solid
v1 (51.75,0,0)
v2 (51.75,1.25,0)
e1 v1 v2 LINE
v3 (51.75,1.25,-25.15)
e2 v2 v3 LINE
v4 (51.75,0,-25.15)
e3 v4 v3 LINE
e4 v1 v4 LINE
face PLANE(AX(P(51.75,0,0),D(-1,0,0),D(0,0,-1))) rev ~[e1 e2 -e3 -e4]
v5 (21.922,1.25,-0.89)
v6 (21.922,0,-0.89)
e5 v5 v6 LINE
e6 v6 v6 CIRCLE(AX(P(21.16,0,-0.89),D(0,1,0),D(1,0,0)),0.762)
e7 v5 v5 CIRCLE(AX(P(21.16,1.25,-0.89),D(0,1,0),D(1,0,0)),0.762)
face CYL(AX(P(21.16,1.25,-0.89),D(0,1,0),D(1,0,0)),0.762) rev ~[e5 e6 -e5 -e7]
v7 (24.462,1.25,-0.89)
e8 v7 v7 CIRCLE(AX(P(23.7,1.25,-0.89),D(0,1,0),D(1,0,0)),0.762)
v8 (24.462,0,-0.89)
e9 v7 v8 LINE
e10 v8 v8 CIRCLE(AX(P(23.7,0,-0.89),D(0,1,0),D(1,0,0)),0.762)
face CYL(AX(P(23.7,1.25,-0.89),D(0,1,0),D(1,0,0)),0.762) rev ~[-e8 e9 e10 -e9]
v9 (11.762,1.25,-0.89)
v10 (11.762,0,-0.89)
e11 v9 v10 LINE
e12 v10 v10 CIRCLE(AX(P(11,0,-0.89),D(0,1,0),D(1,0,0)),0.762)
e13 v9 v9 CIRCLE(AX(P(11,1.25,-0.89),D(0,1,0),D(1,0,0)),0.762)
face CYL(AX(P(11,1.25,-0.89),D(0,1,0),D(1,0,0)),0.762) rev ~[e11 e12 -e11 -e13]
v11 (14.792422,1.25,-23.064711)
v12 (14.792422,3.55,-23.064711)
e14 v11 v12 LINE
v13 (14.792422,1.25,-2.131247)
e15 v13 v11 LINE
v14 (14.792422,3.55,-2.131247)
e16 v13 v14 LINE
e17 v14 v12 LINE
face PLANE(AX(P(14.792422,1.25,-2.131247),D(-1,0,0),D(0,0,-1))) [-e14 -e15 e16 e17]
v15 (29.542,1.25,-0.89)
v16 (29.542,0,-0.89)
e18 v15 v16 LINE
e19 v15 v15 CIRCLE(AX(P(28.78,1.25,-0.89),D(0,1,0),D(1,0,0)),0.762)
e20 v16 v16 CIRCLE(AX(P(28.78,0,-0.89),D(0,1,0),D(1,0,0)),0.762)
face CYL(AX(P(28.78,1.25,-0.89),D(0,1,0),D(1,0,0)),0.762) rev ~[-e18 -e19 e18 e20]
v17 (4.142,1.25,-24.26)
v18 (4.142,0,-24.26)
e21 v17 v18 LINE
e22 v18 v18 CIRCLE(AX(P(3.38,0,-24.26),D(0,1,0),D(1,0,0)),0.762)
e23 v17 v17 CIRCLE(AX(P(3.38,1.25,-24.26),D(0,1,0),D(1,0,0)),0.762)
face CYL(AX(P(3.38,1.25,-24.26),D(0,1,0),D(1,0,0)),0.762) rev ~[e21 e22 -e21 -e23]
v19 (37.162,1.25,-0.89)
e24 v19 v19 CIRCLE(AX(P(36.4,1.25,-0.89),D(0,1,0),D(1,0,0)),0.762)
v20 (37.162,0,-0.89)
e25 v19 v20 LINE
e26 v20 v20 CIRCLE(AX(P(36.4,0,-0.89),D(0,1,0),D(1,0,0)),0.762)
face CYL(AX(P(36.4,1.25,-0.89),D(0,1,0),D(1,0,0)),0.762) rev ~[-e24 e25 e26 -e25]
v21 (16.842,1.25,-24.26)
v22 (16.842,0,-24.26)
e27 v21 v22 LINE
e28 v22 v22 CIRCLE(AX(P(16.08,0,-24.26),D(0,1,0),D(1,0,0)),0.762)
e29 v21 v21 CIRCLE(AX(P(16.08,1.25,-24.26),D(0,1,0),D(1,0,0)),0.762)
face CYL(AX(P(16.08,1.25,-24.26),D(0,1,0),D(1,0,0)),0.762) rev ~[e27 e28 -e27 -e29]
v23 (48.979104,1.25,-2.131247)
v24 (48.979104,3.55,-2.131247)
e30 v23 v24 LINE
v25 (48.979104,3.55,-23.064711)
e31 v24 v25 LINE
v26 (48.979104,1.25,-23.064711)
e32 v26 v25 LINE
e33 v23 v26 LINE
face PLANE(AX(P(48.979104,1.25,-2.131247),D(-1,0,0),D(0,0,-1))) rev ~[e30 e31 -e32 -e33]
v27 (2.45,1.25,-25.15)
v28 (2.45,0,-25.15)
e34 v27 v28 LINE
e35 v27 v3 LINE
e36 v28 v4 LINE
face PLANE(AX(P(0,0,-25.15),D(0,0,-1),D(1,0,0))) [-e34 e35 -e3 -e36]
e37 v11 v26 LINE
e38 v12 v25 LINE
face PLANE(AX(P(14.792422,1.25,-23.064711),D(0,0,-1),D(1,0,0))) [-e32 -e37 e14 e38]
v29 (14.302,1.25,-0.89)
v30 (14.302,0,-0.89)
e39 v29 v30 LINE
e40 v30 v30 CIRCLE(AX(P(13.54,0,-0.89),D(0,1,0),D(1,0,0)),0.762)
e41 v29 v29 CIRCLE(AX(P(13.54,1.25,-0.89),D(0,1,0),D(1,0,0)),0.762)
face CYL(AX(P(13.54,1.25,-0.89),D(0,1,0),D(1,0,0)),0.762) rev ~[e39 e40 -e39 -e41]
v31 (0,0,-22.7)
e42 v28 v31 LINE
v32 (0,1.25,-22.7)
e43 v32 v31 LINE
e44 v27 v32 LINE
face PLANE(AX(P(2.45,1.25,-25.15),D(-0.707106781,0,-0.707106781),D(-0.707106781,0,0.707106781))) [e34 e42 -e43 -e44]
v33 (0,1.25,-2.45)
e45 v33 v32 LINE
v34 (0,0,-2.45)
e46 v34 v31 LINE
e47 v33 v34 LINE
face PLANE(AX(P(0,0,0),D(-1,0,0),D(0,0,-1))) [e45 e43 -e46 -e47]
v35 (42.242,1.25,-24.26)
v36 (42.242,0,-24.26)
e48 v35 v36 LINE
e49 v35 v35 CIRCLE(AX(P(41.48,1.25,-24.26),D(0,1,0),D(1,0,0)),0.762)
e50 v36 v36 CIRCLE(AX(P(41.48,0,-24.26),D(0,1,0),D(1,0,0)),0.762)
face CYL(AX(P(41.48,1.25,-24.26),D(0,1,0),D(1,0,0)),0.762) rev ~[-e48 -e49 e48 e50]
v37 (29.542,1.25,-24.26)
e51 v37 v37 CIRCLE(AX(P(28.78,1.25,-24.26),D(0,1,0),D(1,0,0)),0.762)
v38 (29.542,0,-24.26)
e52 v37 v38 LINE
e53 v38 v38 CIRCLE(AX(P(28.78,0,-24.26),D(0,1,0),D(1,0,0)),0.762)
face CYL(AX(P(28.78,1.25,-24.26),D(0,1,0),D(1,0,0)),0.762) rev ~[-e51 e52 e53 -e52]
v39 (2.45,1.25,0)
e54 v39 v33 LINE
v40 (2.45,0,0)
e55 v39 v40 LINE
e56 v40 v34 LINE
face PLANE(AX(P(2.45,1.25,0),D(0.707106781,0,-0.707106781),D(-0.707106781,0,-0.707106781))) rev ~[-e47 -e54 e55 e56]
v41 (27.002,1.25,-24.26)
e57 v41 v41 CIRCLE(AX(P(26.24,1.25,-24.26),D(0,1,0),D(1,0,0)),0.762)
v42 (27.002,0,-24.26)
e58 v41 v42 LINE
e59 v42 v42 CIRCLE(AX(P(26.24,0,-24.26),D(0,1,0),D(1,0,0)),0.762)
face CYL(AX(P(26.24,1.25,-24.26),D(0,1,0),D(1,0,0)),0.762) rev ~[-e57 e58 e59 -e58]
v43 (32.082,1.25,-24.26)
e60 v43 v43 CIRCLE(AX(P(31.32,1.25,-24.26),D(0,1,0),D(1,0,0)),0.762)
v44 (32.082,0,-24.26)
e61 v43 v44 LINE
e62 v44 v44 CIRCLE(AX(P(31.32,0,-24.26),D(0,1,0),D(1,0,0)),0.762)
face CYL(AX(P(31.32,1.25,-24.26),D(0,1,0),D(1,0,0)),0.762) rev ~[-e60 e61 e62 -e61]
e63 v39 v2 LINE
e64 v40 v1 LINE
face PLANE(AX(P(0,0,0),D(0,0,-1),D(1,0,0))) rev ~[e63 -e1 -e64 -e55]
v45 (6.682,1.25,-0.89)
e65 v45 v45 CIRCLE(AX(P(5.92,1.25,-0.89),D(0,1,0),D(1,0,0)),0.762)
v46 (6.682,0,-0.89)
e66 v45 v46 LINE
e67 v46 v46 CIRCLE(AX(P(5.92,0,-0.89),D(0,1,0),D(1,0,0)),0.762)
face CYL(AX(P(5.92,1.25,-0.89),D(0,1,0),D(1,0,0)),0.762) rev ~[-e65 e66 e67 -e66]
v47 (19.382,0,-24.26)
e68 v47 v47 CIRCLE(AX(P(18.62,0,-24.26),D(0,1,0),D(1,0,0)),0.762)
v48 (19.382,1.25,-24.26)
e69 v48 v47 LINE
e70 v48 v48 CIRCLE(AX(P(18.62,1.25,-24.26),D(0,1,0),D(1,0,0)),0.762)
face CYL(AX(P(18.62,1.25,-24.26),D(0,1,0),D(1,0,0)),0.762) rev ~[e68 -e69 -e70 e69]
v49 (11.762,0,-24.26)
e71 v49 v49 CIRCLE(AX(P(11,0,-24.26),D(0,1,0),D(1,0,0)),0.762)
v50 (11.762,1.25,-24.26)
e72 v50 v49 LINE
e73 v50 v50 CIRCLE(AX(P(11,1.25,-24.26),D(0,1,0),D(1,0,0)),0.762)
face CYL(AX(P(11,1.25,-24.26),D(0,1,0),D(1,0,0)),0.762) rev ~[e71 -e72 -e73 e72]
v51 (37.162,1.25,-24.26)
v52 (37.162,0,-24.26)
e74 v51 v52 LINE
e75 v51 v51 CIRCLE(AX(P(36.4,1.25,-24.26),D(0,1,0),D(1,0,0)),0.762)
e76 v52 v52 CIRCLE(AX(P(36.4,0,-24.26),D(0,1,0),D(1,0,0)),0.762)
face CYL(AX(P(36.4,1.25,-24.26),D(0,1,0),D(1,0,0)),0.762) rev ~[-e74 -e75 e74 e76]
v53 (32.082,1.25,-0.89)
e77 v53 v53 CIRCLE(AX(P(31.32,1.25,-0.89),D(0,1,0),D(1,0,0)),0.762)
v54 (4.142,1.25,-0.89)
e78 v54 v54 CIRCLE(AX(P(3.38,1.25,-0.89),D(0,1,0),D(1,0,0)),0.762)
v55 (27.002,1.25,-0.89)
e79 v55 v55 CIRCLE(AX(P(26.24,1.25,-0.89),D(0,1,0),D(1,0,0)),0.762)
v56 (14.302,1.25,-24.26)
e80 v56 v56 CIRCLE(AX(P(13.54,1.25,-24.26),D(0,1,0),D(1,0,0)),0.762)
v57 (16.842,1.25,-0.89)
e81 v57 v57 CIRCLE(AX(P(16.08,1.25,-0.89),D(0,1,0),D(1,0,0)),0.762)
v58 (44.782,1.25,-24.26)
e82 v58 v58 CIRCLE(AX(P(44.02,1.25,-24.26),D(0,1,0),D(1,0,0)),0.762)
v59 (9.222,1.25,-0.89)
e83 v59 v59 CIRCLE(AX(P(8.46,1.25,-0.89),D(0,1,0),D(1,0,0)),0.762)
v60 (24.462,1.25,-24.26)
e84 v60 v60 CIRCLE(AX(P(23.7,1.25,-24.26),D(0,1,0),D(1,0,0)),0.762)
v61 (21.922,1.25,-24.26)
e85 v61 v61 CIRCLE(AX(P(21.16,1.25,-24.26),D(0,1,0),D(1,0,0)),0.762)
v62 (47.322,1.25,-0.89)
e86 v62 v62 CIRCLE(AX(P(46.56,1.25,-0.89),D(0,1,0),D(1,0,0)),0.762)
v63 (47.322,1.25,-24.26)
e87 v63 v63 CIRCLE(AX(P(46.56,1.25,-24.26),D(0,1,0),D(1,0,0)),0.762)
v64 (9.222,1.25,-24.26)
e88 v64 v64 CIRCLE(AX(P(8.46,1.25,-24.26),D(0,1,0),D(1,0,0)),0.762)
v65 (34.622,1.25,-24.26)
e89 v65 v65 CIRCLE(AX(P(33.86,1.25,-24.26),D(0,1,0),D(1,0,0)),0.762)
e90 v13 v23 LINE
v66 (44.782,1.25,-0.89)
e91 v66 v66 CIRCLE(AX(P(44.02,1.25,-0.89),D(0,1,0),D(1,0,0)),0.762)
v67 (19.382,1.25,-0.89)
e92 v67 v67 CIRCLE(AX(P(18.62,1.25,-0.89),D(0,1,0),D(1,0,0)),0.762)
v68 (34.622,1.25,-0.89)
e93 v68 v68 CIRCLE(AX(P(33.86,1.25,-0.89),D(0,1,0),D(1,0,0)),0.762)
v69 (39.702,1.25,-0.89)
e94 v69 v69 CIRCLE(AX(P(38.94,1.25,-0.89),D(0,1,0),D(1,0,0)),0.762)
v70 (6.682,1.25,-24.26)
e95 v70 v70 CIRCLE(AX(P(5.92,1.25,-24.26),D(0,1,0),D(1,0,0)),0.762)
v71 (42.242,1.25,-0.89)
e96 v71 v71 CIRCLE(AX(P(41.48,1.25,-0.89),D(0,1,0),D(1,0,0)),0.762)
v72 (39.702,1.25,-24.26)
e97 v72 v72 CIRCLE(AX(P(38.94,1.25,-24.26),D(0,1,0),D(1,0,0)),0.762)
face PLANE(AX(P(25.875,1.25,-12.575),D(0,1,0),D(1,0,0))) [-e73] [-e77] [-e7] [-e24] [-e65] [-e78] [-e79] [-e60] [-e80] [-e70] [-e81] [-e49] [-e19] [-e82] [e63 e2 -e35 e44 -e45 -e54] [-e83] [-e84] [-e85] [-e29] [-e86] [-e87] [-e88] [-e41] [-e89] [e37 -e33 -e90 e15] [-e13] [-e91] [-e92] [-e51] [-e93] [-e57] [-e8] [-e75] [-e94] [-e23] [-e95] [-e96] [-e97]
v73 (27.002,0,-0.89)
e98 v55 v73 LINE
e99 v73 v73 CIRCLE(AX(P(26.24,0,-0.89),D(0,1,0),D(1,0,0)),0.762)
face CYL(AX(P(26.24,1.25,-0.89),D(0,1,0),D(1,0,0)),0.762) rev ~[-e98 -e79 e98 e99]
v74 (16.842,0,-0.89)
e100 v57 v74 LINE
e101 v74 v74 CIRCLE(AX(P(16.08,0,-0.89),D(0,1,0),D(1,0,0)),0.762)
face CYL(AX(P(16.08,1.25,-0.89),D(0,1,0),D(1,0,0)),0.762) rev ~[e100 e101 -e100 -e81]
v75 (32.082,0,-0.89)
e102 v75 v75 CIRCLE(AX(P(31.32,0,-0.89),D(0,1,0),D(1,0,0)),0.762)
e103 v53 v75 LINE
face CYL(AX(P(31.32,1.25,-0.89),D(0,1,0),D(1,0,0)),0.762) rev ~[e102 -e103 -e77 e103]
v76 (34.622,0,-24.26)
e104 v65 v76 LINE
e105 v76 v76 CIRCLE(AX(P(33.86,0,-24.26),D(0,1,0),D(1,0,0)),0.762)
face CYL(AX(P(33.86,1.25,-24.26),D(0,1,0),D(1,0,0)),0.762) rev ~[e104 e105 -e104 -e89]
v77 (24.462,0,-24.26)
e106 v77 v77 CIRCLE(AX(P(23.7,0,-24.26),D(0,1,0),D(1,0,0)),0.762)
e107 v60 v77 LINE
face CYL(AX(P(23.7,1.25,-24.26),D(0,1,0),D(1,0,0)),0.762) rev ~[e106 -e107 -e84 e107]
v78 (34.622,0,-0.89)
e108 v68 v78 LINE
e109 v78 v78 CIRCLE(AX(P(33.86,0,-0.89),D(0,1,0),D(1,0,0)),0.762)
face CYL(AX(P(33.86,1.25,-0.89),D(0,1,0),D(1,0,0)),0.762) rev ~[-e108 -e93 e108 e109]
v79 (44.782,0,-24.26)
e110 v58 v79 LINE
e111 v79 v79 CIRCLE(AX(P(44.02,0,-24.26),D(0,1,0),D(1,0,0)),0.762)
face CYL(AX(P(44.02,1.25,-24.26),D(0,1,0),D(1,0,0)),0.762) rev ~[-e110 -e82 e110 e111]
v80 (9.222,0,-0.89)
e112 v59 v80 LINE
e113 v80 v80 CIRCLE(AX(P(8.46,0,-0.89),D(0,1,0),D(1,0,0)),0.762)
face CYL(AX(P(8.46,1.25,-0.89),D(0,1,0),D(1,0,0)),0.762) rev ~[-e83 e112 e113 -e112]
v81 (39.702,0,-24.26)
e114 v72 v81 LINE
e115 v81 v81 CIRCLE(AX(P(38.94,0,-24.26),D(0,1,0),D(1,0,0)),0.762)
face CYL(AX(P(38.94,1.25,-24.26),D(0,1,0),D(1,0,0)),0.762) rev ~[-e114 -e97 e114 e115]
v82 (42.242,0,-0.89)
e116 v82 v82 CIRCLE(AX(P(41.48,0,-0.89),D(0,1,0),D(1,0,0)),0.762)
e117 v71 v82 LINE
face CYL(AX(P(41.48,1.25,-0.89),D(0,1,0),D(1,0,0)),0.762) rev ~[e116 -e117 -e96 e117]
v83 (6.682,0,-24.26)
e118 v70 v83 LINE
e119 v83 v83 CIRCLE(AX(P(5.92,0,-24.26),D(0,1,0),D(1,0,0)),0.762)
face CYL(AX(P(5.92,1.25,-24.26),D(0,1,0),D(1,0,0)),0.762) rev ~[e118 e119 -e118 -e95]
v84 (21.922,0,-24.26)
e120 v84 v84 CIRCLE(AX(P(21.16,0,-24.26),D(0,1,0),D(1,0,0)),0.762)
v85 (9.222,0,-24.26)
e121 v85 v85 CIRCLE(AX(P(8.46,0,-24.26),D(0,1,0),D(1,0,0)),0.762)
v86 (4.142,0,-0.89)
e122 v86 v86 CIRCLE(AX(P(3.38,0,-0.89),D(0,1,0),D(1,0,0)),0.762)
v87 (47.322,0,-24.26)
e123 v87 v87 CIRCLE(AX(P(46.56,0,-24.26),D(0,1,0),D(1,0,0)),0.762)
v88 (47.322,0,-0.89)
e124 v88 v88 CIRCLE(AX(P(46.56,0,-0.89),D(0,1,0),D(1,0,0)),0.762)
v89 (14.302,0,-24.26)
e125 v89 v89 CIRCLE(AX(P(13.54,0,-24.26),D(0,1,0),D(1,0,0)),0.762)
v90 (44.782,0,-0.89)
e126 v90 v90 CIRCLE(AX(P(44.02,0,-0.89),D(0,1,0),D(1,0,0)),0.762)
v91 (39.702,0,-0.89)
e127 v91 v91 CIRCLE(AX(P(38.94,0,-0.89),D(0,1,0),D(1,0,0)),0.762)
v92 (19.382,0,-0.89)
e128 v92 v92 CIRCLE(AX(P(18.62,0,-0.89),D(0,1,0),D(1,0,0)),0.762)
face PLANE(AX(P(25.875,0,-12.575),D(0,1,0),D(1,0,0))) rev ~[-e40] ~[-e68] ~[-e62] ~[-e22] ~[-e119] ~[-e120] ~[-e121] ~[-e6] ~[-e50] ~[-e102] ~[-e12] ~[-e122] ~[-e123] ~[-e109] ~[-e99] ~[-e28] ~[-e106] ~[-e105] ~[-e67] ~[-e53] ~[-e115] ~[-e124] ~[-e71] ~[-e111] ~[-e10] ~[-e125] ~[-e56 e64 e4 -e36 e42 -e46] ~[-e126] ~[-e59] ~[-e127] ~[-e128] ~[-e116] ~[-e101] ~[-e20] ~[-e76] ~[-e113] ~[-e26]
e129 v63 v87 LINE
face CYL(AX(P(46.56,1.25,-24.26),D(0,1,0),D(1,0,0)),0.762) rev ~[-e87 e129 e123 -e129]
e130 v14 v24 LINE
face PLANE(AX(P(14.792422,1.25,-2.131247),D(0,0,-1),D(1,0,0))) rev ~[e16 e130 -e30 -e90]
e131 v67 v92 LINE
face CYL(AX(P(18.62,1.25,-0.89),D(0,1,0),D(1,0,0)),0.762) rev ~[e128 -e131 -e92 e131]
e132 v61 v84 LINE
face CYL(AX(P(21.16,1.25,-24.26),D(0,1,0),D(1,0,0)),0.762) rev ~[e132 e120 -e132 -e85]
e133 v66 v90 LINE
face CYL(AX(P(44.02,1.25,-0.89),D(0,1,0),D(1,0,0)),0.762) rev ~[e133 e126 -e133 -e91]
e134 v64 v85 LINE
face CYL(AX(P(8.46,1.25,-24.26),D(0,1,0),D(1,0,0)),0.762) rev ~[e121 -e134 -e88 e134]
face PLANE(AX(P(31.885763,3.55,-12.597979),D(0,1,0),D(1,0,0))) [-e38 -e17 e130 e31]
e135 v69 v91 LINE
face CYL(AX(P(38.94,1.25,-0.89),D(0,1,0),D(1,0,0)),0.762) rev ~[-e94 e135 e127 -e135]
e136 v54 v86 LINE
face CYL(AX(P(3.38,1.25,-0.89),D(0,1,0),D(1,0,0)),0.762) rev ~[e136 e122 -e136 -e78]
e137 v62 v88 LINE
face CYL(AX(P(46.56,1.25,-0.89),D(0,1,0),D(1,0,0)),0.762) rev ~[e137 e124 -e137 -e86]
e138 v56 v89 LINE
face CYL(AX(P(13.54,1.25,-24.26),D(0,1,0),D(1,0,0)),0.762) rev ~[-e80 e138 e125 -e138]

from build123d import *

# Parameters (mm, degrees)
ESQUISSE1_W             = 51.75
ESQUISSE1_H             = 25.15
BOSS_EXTRU_1_DEPTH      = 1.25
ENL_V_MAT_EXTRU_1_DEPTH = 1.25
ESQUISSE3_R             = 0.762
ENL_V_MAT_EXTRU_2_DEPTH = 1.25
ESQUISSE4_W             = 34.186682017
ESQUISSE4_H             = 20.933463699
BOSS_EXTRU_2_DEPTH      = 2.3


with BuildPart() as part:
    # Esquisse1 → Boss.-Extru.1 (new body)
    with BuildSketch(Plane(origin=(0, 0, 0), x_dir=(1, 0, 0), z_dir=(0, 1, 0))):
        with Locations((25.875, 12.575)):
            Rectangle(ESQUISSE1_W, ESQUISSE1_H)
    extrude(amount=BOSS_EXTRU_1_DEPTH)

    # Esquisse2 → Enlèv. mat.-Extru.1 (cut)
    with BuildSketch(Plane(origin=(0, 1.25, 0), x_dir=(1, 0, 0), z_dir=(0, 1, 0))):
        Polygon((0, 25.15), (2.45, 25.15), (0, 22.7), align=None)
        Polygon((0, 0), (2.45, 0), (0, 2.45), align=None)
    extrude(amount=-ENL_V_MAT_EXTRU_1_DEPTH, mode=Mode.SUBTRACT)

    # Esquisse3 → Enlèv. mat.-Extru.2 (cut)
    with BuildSketch(Plane(origin=(0, 1.25, 0), x_dir=(1, 0, 0), z_dir=(0, 1, 0))):
        with Locations((3.38, 24.26)):
            Circle(ESQUISSE3_R)
        with Locations((5.92, 24.26)):
            Circle(ESQUISSE3_R)
        with Locations((8.46, 24.26)):
            Circle(ESQUISSE3_R)
        with Locations((11, 24.26)):
            Circle(ESQUISSE3_R)
        with Locations((13.54, 24.26)):
            Circle(ESQUISSE3_R)
        with Locations((16.08, 24.26)):
            Circle(ESQUISSE3_R)
        with Locations((18.62, 24.26)):
            Circle(ESQUISSE3_R)
        with Locations((21.16, 24.26)):
            Circle(ESQUISSE3_R)
        with Locations((23.7, 24.26)):
            Circle(ESQUISSE3_R)
        with Locations((26.24, 24.26)):
            Circle(ESQUISSE3_R)
        with Locations((28.78, 24.26)):
            Circle(ESQUISSE3_R)
        with Locations((31.32, 24.26)):
            Circle(ESQUISSE3_R)
        with Locations((33.86, 24.26)):
            Circle(ESQUISSE3_R)
        with Locations((36.4, 24.26)):
            Circle(ESQUISSE3_R)
        with Locations((38.94, 24.26)):
            Circle(ESQUISSE3_R)
        with Locations((41.48, 24.26)):
            Circle(ESQUISSE3_R)
        with Locations((44.02, 24.26)):
            Circle(ESQUISSE3_R)
        with Locations((46.56, 24.26)):
            Circle(ESQUISSE3_R)
        with Locations((46.56, 0.89)):
            Circle(ESQUISSE3_R)
        with Locations((44.02, 0.89)):
            Circle(ESQUISSE3_R)
        with Locations((41.48, 0.89)):
            Circle(ESQUISSE3_R)
        with Locations((38.94, 0.89)):
            Circle(ESQUISSE3_R)
        with Locations((36.4, 0.89)):
            Circle(ESQUISSE3_R)
        with Locations((33.86, 0.89)):
            Circle(ESQUISSE3_R)
        with Locations((31.32, 0.89)):
            Circle(ESQUISSE3_R)
        with Locations((28.78, 0.89)):
            Circle(ESQUISSE3_R)
        with Locations((26.24, 0.89)):
            Circle(ESQUISSE3_R)
        with Locations((23.7, 0.89)):
            Circle(ESQUISSE3_R)
        with Locations((18.62, 0.89)):
            Circle(ESQUISSE3_R)
        with Locations((21.16, 0.89)):
            Circle(ESQUISSE3_R)
        with Locations((16.08, 0.89)):
            Circle(ESQUISSE3_R)
        with Locations((13.54, 0.89)):
            Circle(ESQUISSE3_R)
        with Locations((11, 0.89)):
            Circle(ESQUISSE3_R)
        with Locations((8.46, 0.89)):
            Circle(ESQUISSE3_R)
        with Locations((5.92, 0.89)):
            Circle(ESQUISSE3_R)
        with Locations((3.38, 0.89)):
            Circle(ESQUISSE3_R)
    extrude(amount=-ENL_V_MAT_EXTRU_2_DEPTH, mode=Mode.SUBTRACT)

    # Esquisse4 → Boss.-Extru.2 (add)
    with BuildSketch(Plane(origin=(0, 1.25, 0), x_dir=(1, 0, 0), z_dir=(0, 1, 0))):
        with Locations((31.885763085, 12.597978811)):
            Rectangle(ESQUISSE4_W, ESQUISSE4_H)
    extrude(amount=BOSS_EXTRU_2_DEPTH)


solid = part.part
